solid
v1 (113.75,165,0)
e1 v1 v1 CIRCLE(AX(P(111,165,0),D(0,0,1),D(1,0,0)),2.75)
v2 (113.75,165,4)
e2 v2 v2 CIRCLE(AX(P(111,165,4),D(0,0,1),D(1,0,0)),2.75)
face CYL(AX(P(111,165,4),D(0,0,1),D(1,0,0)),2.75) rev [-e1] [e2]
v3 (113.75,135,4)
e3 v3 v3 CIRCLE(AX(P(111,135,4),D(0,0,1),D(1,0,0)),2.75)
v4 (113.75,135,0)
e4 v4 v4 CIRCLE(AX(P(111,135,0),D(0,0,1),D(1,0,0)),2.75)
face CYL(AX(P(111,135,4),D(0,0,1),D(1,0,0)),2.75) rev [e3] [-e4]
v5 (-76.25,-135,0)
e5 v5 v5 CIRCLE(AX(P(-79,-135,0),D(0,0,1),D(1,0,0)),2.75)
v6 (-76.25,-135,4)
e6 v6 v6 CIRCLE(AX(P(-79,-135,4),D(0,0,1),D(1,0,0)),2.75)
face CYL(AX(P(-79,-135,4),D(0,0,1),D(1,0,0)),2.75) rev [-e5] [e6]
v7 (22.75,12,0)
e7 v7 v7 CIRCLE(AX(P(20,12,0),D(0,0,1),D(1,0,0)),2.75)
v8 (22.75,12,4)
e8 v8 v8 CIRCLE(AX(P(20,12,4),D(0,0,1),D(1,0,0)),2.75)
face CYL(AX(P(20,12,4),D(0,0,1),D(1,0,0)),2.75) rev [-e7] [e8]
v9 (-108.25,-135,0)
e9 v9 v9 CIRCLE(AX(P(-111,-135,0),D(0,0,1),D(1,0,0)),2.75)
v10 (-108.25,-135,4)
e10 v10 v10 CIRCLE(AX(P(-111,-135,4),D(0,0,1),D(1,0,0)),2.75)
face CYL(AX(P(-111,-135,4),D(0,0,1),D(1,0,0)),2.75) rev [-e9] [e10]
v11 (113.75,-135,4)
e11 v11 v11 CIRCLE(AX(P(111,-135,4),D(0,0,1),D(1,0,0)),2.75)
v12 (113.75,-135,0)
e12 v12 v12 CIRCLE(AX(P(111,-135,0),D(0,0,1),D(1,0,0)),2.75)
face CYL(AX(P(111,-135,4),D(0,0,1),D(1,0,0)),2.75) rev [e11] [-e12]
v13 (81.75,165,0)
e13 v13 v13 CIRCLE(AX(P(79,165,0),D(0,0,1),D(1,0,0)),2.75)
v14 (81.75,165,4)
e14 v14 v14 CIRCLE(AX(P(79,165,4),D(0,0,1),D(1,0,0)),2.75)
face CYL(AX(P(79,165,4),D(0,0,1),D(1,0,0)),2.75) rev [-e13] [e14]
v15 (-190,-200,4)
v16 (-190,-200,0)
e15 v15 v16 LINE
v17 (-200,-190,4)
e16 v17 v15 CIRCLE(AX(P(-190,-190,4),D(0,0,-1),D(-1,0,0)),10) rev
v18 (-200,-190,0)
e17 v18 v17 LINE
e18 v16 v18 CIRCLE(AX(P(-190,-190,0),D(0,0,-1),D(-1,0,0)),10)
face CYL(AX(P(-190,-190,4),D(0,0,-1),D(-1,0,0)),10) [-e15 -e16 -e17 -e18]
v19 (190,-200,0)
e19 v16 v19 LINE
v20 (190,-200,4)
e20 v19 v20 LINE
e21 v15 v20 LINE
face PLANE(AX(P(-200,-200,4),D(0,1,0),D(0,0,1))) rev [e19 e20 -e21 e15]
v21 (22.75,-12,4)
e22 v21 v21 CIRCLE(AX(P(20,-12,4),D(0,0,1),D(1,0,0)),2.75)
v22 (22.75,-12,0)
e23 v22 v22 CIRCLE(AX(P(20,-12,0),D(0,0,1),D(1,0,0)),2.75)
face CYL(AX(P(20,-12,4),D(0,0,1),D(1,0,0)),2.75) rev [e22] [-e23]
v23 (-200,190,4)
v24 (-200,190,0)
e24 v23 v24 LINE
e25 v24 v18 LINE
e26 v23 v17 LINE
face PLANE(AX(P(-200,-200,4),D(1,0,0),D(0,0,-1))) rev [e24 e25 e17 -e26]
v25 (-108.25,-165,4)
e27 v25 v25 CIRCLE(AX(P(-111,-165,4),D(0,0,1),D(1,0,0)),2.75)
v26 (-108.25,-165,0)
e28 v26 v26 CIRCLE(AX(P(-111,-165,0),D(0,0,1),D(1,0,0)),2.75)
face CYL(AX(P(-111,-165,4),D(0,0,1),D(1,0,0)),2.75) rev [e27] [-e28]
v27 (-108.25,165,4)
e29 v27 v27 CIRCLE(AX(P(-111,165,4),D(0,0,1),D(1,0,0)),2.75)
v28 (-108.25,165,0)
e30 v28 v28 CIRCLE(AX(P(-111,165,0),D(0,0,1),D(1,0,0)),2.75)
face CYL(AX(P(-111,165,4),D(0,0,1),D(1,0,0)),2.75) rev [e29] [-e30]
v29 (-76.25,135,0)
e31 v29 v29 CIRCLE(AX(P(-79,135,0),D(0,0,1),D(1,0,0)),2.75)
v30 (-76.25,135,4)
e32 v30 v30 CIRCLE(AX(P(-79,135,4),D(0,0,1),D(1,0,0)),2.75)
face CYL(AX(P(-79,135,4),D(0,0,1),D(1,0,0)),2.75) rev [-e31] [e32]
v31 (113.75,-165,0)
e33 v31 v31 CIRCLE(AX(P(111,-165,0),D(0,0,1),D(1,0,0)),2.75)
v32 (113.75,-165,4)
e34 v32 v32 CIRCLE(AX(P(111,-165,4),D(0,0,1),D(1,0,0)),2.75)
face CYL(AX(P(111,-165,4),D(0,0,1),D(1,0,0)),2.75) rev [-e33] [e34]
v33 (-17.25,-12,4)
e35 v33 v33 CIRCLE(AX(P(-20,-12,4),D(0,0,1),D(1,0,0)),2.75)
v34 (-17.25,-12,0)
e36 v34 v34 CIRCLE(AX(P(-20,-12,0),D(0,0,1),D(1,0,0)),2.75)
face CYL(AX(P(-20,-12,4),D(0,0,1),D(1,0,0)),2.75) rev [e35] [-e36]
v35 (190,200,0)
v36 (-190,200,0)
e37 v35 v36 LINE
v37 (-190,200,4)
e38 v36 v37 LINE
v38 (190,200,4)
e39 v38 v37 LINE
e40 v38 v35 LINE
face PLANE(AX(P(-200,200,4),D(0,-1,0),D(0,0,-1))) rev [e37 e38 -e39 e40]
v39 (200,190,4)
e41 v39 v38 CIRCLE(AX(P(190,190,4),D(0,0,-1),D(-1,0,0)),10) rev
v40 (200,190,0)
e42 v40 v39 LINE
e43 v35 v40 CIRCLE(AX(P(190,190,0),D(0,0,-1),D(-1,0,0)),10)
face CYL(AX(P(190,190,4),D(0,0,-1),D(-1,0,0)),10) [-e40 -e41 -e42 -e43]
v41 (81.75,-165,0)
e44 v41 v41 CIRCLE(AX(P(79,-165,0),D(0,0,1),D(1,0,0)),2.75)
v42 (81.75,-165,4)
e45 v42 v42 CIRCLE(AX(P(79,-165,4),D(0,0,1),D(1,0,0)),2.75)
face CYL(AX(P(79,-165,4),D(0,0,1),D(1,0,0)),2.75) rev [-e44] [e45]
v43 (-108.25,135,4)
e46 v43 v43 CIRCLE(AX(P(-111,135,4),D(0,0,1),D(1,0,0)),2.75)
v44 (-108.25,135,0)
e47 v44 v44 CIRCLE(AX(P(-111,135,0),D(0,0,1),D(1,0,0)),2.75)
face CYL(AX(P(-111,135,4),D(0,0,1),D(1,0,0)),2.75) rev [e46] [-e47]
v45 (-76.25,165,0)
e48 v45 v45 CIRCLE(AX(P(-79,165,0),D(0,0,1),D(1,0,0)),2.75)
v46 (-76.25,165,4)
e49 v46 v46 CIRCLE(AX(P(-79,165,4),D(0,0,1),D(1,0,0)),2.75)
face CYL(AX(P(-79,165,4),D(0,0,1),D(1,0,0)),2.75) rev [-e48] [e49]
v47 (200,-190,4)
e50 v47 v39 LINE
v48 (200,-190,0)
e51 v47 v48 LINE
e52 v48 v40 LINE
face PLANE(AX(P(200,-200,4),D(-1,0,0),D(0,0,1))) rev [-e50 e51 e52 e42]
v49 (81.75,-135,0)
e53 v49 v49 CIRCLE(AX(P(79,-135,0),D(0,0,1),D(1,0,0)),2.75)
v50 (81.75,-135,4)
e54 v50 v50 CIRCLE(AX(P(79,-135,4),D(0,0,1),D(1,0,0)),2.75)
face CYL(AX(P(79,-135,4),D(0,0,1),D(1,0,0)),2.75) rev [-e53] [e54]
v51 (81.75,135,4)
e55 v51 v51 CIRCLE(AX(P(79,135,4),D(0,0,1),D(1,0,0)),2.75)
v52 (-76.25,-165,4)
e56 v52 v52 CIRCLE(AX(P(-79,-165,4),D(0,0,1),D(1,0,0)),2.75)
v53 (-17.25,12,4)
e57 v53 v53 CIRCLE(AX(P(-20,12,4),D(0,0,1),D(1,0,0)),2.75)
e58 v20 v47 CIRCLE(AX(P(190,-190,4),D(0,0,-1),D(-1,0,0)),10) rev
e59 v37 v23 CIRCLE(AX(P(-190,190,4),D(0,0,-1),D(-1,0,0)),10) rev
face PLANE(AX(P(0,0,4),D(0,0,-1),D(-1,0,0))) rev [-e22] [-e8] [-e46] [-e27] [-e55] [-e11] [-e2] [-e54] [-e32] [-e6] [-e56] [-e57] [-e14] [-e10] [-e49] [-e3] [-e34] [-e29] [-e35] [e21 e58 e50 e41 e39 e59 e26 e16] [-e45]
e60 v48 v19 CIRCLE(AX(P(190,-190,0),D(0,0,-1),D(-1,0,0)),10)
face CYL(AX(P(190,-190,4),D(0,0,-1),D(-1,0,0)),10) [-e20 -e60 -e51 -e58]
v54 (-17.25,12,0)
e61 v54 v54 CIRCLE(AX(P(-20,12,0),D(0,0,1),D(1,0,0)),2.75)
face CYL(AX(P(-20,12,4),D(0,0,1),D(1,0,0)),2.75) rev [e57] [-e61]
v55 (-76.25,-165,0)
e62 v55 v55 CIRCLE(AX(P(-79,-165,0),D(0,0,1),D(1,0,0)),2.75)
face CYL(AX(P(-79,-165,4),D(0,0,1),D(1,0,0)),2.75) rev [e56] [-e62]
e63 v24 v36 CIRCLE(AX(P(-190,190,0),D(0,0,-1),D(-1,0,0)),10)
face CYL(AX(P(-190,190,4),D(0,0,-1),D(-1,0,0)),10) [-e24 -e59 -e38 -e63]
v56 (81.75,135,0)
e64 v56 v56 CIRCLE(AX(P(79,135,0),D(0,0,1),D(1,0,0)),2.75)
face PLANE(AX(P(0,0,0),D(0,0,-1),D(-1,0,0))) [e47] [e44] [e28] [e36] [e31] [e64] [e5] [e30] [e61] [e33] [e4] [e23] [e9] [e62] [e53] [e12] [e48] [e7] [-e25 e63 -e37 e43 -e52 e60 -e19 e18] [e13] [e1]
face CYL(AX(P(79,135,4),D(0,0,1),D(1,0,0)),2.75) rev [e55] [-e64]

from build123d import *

# Parameters (mm, degrees)
SKETCH_1_W                  = 400
SKETCH_1_H                  = 400
EXTRUDE_1_DEPTH             = 4
HOLE_WIZARD_5_5_5_5_1_D     = 5.5
PATTERN_LINEAR_1_COUNT      = 2
PATTERN_LINEAR_1_PITCH      = 300
PATTERN_LINEAR_1_COUNT_DIR2 = 2
PATTERN_LINEAR_1_PITCH_DIR2 = 190
HOLE_WIZARD_5_5_5_5_2_D     = 5.5
FILLET_1_R                  = 10


with BuildPart() as part:
    # Эскиз1 → Бобышка-Вытянуть1 (new body)
    with BuildSketch(Plane.XY):
        Rectangle(SKETCH_1_W, SKETCH_1_H)
    extrude(amount=EXTRUDE_1_DEPTH)

    # Диаметр отверстия Ø5.5 (5.5)1 (through all)
    with Locations(Plane.XY.offset(4)):
        with Locations((79, 165), (79, 135), (111, 135), (111, 165)):
            hole_wizard_5_5_5_5_1 = Hole(HOLE_WIZARD_5_5_5_5_1_D / 2)

    # Линейный массив1: Hole Wizard 5.5 _5.5_1 2 × 2
    with Locations(*[(-j * PATTERN_LINEAR_1_PITCH_DIR2, -i * PATTERN_LINEAR_1_PITCH, 0) for i in range(PATTERN_LINEAR_1_COUNT) for j in range(PATTERN_LINEAR_1_COUNT_DIR2) if (i, j) != (0, 0)]):
        add(hole_wizard_5_5_5_5_1, mode=Mode.SUBTRACT)

    # Диаметр отверстия Ø5.5 (5.5)2 (through all)
    with Locations(Plane.XY.offset(4)):
        with Locations((20, 12), (-20, 12), (-20, -12), (20, -12)):
            Hole(HOLE_WIZARD_5_5_5_5_2_D / 2)

    # Скругление1
    fillet_1_edges = [part.edges().sort_by_distance(p)[0] for p in [
        (200, -200, 2),
        (-200, -200, 2),
        (-200, 200, 2),
        (200, 200, 2),
    ]]
    fillet(fillet_1_edges, radius=FILLET_1_R)


solid = part.part
